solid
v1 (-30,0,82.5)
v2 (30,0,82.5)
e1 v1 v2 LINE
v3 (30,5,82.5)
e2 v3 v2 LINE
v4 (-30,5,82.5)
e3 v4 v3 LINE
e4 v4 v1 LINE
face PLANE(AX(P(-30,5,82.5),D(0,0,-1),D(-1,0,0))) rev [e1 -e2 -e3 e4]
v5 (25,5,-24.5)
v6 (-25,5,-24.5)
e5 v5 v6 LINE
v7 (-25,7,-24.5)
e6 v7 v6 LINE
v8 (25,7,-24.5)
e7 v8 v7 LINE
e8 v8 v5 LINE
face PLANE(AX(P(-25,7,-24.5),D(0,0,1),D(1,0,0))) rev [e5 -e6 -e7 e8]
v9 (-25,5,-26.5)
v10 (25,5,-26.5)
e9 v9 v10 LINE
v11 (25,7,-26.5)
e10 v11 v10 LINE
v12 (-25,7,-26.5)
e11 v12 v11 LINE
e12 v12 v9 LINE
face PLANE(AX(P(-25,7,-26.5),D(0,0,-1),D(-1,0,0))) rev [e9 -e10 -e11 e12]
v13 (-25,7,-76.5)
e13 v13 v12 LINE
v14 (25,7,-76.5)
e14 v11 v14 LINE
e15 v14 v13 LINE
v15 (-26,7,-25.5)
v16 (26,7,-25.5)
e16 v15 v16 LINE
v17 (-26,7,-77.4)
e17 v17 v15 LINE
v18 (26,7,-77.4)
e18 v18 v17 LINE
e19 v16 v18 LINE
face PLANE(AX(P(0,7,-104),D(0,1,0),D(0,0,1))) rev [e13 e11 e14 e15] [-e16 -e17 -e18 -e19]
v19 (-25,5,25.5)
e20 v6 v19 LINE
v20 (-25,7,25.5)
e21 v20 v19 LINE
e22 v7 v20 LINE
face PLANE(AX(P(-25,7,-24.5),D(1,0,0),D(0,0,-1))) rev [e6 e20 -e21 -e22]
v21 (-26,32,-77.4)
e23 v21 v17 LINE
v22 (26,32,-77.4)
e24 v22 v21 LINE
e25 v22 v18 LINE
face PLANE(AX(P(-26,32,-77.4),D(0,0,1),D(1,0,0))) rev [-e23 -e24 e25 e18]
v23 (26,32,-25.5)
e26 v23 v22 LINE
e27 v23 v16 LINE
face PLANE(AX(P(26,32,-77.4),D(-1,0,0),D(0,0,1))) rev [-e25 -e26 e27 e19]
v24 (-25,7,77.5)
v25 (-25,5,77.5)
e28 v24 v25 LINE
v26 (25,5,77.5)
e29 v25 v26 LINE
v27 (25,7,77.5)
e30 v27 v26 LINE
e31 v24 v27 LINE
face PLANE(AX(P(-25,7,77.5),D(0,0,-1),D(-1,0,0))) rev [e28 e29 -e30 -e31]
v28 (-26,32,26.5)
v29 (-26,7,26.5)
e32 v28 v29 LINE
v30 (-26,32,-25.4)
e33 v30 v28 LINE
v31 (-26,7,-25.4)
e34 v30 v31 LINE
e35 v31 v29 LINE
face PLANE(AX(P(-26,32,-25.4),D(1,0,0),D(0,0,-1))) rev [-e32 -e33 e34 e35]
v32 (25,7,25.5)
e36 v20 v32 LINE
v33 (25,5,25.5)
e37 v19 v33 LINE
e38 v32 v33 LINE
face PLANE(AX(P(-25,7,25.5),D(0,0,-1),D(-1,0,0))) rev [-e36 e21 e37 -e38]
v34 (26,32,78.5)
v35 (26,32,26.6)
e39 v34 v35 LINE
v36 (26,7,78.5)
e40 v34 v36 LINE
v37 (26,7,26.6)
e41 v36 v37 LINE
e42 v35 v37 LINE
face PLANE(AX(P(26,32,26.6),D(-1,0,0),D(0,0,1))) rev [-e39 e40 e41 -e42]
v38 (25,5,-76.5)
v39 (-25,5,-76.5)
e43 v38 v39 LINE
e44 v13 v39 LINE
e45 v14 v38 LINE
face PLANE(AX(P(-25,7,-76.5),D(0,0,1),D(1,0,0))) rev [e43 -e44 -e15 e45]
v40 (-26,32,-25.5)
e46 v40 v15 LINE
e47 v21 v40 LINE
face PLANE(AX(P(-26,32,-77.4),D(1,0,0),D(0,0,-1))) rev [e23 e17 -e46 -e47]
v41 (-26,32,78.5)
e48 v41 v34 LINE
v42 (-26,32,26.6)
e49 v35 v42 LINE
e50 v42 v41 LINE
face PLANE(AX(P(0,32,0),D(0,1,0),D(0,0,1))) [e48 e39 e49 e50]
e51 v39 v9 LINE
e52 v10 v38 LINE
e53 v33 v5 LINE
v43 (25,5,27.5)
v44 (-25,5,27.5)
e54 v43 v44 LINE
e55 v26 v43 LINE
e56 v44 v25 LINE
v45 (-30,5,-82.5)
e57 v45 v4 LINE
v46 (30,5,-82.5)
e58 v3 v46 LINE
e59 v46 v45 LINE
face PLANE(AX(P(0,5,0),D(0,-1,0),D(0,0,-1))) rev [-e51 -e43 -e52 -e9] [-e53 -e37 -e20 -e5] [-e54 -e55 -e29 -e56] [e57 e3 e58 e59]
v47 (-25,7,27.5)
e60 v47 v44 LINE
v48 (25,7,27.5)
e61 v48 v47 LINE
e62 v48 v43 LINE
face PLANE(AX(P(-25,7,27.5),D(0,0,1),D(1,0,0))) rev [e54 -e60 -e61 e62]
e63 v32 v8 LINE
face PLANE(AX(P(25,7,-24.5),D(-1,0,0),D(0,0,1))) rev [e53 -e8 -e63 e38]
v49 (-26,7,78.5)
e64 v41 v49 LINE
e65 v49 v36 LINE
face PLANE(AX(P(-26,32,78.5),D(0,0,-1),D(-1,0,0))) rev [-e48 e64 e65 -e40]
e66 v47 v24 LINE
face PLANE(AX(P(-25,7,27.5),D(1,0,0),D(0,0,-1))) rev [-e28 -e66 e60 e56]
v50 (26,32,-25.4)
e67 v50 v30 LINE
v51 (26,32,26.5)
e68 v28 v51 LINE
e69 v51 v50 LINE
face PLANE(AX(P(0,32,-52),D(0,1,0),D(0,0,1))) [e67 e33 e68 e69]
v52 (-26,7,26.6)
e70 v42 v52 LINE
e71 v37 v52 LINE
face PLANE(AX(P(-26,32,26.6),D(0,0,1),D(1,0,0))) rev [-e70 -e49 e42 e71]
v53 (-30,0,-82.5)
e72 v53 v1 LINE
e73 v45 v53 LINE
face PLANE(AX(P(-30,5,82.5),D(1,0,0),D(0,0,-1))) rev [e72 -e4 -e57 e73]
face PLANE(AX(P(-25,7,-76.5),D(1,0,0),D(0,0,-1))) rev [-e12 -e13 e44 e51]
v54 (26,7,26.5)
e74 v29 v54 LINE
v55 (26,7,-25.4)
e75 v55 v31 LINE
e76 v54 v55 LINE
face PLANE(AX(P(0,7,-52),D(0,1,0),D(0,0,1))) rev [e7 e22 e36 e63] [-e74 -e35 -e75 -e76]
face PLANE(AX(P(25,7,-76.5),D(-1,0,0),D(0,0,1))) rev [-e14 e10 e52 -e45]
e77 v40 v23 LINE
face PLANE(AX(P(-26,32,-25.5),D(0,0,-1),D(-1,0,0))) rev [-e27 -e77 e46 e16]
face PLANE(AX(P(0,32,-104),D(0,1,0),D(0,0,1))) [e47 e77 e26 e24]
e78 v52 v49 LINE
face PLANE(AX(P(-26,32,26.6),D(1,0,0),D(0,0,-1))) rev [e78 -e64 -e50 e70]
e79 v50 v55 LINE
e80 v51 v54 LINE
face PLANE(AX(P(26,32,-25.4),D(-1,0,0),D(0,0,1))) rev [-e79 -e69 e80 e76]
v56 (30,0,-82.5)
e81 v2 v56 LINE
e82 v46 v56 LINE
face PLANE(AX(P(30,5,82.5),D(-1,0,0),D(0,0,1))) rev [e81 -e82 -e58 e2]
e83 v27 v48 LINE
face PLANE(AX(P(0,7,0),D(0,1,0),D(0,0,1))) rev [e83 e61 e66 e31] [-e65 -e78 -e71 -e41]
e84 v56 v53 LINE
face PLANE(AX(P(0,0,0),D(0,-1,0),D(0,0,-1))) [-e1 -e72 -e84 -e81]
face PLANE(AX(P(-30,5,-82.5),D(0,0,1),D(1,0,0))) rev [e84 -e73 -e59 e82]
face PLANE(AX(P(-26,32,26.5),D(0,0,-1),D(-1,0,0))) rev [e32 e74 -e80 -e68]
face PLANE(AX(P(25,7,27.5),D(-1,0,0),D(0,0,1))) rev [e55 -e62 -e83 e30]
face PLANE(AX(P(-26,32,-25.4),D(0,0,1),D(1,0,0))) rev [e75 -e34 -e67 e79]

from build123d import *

# Parameters (mm, degrees)
SKETCH1_W           = 60
SKETCH1_H           = 165
BOSS_EXTRUDE1_DEPTH = 5
SKETCH2_W           = 50
SKETCH2_H           = 50
BOSS_EXTRUDE3_DEPTH = 2
LPATTERN1_COUNT     = 3
LPATTERN1_PITCH     = 52
SKETCH3_W           = 52
SKETCH3_H           = 51.9
BOSS_EXTRUDE8_DEPTH = 25
LPATTERN5_COUNT     = 3
LPATTERN5_PITCH     = 52


with BuildPart() as part:
    # Sketch1 → Boss-Extrude1 (new body)
    with BuildSketch(Plane(origin=(0, 0, 0), x_dir=(1, 0, 0), z_dir=(0, 1, 0))):
        Rectangle(SKETCH1_W, SKETCH1_H)
    extrude(amount=BOSS_EXTRUDE1_DEPTH)

    # Sketch2 → Boss-Extrude3 (add)
    with BuildSketch(Plane(origin=(0, 5, 0), x_dir=(1, 0, 0), z_dir=(0, 1, 0))):
        with Locations((0, -52.5)):
            Rectangle(SKETCH2_W, SKETCH2_H)
    boss_extrude3 = extrude(amount=BOSS_EXTRUDE3_DEPTH)

    # LPattern1: Boss-Extrude3 ×3
    with Locations(*[(0, 0, -i * LPATTERN1_PITCH) for i in range(1, LPATTERN1_COUNT)]):
        add(boss_extrude3)

    # Sketch3 → Boss-Extrude8 (add)
    with BuildSketch(Plane(origin=(0, 7, 0), x_dir=(1, 0, 0), z_dir=(0, 1, 0))):
        with Locations((0, -52.55)):
            Rectangle(SKETCH3_W, SKETCH3_H)
    boss_extrude8 = extrude(amount=BOSS_EXTRUDE8_DEPTH)

    # LPattern5: Boss-Extrude8 ×3
    with Locations(*[(0, 0, -i * LPATTERN5_PITCH) for i in range(1, LPATTERN5_COUNT)]):
        add(boss_extrude8)


solid = part.part
